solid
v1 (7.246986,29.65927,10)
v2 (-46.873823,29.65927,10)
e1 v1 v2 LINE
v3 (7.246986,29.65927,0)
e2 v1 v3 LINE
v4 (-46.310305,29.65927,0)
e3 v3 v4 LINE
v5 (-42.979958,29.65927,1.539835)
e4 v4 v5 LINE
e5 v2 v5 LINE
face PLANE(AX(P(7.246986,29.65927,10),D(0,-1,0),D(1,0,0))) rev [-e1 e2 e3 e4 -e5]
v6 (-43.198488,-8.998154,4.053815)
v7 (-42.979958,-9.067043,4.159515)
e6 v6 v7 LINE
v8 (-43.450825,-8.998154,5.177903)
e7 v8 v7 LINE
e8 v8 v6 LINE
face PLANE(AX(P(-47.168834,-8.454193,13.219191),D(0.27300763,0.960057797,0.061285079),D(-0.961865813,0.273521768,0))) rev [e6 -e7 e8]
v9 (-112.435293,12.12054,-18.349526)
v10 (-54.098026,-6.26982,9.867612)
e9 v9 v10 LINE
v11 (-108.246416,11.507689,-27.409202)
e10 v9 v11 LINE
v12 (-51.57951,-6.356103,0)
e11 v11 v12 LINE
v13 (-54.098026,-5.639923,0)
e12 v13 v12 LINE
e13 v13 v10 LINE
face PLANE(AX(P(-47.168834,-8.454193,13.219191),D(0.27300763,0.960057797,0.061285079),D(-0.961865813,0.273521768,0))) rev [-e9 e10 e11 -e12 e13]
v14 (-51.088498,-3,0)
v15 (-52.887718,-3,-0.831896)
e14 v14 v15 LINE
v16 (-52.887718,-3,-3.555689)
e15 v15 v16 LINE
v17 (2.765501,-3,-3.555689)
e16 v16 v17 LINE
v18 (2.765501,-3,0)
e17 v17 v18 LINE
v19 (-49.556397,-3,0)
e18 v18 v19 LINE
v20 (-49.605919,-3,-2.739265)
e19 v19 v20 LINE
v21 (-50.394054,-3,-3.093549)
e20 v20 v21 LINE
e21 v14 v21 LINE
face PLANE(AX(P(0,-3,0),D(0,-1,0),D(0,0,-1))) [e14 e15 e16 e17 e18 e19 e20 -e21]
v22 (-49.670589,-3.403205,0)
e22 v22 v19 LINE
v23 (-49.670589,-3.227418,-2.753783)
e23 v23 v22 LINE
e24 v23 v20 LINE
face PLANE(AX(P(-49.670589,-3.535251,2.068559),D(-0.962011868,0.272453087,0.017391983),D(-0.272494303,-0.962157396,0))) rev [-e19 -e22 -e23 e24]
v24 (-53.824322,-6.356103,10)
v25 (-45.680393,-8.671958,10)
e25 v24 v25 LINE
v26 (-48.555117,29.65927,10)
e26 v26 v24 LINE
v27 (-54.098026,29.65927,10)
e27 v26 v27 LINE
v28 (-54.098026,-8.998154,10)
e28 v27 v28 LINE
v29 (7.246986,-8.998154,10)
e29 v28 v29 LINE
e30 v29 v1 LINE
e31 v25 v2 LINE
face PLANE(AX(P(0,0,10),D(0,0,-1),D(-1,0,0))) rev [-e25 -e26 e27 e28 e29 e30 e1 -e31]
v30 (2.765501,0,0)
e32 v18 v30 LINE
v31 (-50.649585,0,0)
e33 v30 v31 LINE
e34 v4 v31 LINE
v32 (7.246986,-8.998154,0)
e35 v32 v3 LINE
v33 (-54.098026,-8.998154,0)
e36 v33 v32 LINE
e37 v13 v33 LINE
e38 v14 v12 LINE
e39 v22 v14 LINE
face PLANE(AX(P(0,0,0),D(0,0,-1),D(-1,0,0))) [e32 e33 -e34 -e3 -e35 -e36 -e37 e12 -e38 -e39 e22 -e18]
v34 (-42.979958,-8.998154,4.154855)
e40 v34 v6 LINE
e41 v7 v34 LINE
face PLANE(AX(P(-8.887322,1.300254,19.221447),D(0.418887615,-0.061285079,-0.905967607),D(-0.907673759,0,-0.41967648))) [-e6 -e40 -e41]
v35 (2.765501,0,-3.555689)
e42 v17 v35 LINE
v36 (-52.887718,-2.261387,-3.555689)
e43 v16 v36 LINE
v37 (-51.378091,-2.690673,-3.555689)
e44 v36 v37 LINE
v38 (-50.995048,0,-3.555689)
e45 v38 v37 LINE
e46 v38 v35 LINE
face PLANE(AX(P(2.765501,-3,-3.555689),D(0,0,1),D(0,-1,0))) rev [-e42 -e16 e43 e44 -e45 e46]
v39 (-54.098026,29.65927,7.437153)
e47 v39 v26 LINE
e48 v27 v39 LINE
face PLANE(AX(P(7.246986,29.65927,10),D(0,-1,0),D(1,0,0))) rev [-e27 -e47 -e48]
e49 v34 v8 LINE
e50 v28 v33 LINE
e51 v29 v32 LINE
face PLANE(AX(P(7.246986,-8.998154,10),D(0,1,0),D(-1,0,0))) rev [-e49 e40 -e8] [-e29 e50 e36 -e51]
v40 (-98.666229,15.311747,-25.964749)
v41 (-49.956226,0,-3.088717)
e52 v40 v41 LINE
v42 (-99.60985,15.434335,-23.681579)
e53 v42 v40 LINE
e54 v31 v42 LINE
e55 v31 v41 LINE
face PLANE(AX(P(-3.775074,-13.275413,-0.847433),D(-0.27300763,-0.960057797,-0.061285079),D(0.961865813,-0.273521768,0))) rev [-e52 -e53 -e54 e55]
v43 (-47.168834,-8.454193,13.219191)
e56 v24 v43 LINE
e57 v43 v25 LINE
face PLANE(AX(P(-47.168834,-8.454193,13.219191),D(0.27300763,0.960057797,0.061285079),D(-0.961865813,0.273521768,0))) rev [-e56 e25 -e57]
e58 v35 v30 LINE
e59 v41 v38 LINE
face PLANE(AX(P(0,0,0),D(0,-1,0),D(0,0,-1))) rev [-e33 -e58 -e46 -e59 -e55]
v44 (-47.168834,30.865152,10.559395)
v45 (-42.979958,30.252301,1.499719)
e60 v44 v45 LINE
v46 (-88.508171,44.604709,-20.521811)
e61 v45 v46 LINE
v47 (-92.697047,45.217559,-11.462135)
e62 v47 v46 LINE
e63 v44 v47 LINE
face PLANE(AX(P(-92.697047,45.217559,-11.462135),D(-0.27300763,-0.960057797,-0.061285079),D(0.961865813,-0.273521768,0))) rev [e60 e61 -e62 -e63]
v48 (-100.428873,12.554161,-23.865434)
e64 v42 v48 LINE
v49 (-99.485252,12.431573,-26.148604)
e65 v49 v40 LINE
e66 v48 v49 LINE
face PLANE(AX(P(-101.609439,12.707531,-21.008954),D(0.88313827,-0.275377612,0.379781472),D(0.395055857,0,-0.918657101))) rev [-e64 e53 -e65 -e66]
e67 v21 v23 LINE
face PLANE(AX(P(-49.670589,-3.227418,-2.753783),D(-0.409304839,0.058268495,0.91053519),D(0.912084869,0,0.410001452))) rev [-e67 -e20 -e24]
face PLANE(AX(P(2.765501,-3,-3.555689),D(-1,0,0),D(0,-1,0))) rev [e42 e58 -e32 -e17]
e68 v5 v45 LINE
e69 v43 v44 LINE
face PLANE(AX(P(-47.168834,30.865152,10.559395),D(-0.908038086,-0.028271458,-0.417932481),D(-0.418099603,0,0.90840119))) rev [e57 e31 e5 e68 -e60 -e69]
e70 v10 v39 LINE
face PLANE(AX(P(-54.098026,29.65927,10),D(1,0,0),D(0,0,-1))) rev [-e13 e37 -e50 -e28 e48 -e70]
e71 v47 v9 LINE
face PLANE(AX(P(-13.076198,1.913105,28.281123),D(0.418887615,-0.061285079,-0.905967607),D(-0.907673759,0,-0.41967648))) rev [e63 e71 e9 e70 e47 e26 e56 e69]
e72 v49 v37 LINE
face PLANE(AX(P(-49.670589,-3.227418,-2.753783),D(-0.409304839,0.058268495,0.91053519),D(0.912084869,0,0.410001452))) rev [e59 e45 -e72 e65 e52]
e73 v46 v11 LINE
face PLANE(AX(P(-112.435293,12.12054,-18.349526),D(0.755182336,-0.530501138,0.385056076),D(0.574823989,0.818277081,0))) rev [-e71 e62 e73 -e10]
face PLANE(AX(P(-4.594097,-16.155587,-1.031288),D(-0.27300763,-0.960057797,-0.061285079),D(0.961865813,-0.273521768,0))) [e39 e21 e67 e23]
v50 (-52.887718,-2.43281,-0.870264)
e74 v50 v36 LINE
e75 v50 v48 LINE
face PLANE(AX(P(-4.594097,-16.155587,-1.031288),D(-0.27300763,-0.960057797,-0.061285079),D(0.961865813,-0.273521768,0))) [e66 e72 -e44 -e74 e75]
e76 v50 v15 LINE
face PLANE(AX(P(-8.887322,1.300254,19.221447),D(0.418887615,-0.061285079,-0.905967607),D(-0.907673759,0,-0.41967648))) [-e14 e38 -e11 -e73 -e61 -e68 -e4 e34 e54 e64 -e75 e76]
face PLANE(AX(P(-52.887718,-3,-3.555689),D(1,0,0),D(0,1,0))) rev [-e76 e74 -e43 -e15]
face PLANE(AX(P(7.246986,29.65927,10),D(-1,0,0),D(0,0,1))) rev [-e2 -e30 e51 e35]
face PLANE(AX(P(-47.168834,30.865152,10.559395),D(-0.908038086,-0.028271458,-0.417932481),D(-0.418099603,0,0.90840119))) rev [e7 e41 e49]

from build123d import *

# Parameters (mm, degrees)
SKETCH1_W           = 61.345012487
SKETCH1_H           = 38.657423861
BOSS_EXTRUDE1_DEPTH = 10
BOSS_EXTRUDE2_DEPTH = 10
SKETCH3_W           = 55.653219253
SKETCH3_H           = 4.667772156
BOSS_EXTRUDE3_DEPTH = 3
BOSS_EXTRUDE4_DEPTH = 3


with BuildPart() as part:
    # Sketch1 → Boss-Extrude1 (new body)
    with BuildSketch(Plane.XY):
        with Locations((-23.425520154, 10.330558338)):
            Rectangle(SKETCH1_W, SKETCH1_H)
    extrude(amount=BOSS_EXTRUDE1_DEPTH)

    # Sketch2 → Boss-Extrude2 (add)
    with BuildSketch(Plane(origin=(-8.887322321, 1.300253896, 19.221447103), x_dir=(0.908038086, 0.028271458, 0.417932481), z_dir=(-0.418887615, 0.061285079, 0.905967607))):
        Polygon((-87.68448092, 45.888055238), (-37.545380932, 30.082102221), (-37.545380932, -9.327101998), (-109.421725422, 13.33134469), align=None)
    extrude(amount=BOSS_EXTRUDE2_DEPTH)

    # Sketch3 → Boss-Extrude3 (add)
    with BuildSketch(Plane.XZ):
        with Locations((-25.061108276, -1.221803115)):
            Rectangle(SKETCH3_W, SKETCH3_H)
    extrude(amount=BOSS_EXTRUDE3_DEPTH)

    # Sketch5 → Boss-Extrude4 (add)
    with BuildSketch(Plane(origin=(-3.775073918, -13.275413408, -0.84743311), x_dir=(0.962011868, -0.272453087, -0.017391983), z_dir=(-0.27300763, -0.960057797, -0.061285079))):
        Polygon((-47.103632436, 2.289571082), (-100.846305257, -21.775814591), (-98.638237359, -26.887445035), (-46.85648275, -2.542586037), (-46.85648275, 2.289571082), align=None)
    extrude(amount=BOSS_EXTRUDE4_DEPTH)


solid = part.part
